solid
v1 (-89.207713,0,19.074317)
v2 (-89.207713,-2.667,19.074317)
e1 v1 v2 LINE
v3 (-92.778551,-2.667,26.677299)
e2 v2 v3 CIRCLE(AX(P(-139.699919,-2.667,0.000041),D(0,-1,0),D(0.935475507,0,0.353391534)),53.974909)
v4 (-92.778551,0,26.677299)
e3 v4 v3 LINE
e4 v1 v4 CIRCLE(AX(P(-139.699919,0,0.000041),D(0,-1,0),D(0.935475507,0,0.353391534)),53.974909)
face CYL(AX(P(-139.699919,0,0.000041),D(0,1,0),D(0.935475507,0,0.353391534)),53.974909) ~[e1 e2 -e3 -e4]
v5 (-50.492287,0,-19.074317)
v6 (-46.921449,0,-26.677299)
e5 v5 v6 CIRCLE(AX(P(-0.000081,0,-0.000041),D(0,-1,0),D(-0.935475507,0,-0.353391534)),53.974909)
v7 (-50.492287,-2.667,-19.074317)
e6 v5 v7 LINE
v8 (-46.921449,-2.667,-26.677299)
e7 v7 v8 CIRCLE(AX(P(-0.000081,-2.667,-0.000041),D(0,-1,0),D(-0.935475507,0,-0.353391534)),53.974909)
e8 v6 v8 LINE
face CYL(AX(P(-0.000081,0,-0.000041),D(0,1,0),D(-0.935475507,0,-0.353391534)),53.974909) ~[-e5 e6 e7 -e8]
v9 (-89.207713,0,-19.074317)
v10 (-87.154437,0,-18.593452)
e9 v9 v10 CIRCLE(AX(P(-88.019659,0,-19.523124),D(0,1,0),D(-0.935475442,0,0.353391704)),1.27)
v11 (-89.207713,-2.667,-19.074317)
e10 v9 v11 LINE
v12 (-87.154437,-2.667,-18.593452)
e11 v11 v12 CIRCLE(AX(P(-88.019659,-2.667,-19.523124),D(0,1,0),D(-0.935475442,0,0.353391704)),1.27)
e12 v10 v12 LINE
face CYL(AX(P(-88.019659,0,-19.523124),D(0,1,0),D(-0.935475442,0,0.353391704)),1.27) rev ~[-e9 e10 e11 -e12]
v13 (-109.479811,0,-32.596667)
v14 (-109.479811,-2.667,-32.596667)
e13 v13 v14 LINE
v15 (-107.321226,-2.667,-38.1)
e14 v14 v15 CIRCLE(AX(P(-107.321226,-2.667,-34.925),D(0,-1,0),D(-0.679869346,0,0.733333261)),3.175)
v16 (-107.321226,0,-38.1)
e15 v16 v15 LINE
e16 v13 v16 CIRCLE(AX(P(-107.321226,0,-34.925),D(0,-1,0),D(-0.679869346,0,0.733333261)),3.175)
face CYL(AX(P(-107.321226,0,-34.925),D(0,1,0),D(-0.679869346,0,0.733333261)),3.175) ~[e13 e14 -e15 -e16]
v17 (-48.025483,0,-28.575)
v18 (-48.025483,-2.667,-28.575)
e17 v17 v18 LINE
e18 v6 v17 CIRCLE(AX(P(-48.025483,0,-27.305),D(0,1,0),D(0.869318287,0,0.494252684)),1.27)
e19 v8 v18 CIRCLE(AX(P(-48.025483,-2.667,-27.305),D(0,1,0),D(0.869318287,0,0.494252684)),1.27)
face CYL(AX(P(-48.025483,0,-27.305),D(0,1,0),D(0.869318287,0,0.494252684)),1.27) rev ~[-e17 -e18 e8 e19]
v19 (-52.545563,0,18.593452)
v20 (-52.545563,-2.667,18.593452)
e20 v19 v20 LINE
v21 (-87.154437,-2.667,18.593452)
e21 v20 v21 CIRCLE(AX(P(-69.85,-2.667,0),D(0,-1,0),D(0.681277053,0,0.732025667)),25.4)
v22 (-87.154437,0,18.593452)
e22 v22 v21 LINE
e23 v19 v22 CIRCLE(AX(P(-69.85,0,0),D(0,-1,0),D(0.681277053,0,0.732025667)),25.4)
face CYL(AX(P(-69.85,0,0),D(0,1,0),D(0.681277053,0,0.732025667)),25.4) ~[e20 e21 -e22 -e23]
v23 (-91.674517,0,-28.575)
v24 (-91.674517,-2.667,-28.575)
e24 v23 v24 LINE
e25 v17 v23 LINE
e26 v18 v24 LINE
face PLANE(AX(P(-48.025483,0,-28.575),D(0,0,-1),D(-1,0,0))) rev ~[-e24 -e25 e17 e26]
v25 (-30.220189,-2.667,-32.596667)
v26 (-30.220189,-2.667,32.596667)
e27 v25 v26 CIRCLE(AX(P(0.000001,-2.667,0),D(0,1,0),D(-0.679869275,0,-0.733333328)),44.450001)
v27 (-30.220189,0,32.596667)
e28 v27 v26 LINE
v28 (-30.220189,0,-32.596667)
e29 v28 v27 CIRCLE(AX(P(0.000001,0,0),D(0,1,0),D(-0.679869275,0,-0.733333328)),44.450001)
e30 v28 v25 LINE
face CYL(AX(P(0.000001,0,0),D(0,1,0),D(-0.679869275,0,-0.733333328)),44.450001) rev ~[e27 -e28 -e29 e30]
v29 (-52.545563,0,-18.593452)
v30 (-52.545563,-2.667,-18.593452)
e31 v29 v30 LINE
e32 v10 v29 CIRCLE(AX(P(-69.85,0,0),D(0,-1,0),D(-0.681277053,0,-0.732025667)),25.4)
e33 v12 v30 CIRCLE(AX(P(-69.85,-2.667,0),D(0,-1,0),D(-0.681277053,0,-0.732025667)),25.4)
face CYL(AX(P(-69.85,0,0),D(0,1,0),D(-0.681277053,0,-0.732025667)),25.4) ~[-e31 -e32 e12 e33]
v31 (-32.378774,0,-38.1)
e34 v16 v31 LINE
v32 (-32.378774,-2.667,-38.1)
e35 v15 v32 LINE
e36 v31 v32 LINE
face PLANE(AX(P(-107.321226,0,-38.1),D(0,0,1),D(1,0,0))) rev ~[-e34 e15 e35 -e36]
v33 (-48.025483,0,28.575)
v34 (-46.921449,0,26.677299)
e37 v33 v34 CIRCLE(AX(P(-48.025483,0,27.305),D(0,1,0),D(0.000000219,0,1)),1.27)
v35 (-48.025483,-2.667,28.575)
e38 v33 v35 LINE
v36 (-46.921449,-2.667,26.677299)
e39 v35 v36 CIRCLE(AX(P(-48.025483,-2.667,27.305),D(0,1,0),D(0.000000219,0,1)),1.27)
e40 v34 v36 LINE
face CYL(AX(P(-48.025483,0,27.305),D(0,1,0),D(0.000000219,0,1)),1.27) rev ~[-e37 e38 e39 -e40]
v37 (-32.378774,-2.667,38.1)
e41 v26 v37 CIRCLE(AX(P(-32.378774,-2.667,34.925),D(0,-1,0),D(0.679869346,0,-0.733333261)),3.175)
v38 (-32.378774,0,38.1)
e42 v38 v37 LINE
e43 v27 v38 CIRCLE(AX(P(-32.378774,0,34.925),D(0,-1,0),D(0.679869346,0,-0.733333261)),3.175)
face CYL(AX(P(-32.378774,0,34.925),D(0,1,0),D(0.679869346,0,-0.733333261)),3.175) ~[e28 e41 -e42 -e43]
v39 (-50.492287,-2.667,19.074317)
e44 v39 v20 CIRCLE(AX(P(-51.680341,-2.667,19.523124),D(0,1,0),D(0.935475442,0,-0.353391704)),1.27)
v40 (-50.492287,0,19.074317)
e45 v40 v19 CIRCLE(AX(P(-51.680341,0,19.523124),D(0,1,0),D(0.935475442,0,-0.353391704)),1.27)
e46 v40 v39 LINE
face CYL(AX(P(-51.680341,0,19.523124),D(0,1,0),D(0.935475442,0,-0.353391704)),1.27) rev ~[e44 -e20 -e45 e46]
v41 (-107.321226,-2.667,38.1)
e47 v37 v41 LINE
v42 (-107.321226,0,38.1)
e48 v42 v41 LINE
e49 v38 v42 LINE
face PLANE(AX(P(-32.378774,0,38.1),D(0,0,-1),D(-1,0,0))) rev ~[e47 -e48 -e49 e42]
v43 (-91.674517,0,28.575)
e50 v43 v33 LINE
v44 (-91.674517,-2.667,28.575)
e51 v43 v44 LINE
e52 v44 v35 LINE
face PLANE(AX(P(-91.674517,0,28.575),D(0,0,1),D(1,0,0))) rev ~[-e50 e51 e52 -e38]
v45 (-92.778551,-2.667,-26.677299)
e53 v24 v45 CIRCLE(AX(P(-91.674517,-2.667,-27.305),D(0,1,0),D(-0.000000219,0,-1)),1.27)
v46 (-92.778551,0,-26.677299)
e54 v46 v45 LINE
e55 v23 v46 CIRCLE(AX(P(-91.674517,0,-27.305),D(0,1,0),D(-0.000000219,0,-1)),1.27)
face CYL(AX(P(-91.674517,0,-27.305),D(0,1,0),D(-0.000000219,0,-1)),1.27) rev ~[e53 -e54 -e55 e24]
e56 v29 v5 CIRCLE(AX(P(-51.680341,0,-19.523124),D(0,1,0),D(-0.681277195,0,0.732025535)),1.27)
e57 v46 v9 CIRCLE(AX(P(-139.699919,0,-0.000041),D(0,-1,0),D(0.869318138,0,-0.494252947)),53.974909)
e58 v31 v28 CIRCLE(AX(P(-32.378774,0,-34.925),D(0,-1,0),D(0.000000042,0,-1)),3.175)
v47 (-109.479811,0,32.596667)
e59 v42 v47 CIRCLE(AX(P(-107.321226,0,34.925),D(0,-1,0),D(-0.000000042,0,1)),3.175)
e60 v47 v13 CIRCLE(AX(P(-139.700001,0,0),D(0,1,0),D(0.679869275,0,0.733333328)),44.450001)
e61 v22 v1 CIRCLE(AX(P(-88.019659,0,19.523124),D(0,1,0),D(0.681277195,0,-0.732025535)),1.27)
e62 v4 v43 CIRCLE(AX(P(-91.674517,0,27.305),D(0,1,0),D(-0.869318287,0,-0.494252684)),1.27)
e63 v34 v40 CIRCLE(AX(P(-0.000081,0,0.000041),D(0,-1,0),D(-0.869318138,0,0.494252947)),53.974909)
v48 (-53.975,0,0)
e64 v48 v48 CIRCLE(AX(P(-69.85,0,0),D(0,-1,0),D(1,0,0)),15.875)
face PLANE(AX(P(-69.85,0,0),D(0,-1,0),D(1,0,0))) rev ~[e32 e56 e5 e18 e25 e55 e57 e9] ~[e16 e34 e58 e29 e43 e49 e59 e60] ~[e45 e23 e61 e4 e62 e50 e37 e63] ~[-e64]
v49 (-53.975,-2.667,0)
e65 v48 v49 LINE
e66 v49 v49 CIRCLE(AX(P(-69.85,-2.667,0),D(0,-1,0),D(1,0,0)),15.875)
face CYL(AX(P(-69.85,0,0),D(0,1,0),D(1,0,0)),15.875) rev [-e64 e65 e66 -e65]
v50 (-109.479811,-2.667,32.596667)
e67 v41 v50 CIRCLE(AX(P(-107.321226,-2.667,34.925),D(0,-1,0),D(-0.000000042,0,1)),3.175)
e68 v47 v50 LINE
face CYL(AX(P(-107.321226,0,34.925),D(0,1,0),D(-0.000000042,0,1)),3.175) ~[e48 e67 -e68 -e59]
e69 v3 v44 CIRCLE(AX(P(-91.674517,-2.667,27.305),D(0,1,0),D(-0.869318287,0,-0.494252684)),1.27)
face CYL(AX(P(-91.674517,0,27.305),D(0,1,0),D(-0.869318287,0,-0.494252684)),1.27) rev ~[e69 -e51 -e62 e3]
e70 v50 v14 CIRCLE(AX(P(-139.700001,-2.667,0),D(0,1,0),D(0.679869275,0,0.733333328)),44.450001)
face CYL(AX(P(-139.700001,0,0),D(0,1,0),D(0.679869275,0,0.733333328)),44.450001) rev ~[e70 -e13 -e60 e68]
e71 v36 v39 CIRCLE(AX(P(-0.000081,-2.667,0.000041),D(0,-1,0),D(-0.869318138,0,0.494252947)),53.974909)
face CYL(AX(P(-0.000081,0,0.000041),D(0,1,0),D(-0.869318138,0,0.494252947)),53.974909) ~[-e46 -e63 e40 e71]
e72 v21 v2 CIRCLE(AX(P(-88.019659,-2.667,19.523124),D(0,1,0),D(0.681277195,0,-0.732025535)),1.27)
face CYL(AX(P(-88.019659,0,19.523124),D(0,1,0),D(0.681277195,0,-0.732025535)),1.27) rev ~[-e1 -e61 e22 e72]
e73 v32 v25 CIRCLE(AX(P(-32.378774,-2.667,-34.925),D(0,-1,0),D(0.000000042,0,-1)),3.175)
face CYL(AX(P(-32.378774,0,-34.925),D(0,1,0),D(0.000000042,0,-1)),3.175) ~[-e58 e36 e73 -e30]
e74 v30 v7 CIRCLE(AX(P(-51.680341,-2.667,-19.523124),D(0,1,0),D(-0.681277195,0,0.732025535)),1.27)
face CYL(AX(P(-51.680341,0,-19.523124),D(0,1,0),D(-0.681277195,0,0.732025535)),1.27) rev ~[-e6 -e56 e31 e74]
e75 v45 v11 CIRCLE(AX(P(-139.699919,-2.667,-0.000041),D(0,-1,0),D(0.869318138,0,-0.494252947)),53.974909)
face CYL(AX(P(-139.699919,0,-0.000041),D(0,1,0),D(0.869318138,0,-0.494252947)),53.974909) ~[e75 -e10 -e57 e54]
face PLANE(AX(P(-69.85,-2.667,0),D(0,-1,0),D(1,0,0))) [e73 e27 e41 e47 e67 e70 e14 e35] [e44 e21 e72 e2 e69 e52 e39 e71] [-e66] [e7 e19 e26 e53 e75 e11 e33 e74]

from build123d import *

# Parameters (mm, degrees)
F0_R     = 15.875
F1_DEPTH = 2.667


with BuildPart() as f1:
    # F0 (on Front) → F1 (new body)
    with BuildSketch(Plane.XZ):
        with BuildLine():
            Line((-32.378774, 38.1), (-107.321226, 38.1))
            ThreePointArc((-107.321226, 38.1), (-110.27699, 36.084346), (-109.479811, 32.596667))
            ThreePointArc((-109.479811, 32.596667), (-95.25, 0), (-109.479811, -32.596667))
            ThreePointArc((-109.479811, -32.596667), (-110.27699, -36.084346), (-107.321226, -38.1))
            Line((-107.321226, -38.1), (-32.378774, -38.1))
            ThreePointArc((-32.378774, -38.1), (-29.42301, -36.084346), (-30.220189, -32.596667))
            ThreePointArc((-30.220189, -32.596667), (-44.45, 0), (-30.220189, 32.596667))
            ThreePointArc((-30.220189, 32.596667), (-29.42301, 36.084346), (-32.378774, 38.1))
        make_face()
        with BuildLine():
            ThreePointArc((-87.154437, -18.593452), (-69.85, -25.4), (-52.545563, -18.593452))
            ThreePointArc((-52.545563, -18.593452), (-51.39075, -18.286582), (-50.492287, -19.074317))
            ThreePointArc((-50.492287, -19.074317), (-48.854993, -22.945377), (-46.921449, -26.677299))
            ThreePointArc((-46.921449, -26.677299), (-46.92774, -27.943639), (-48.025483, -28.575))
            Line((-48.025483, -28.575), (-91.674517, -28.575))
            ThreePointArc((-91.674517, -28.575), (-92.77226, -27.943639), (-92.778551, -26.677299))
            ThreePointArc((-92.778551, -26.677299), (-90.845007, -22.945377), (-89.207713, -19.074317))
            ThreePointArc((-89.207713, -19.074317), (-88.30925, -18.286582), (-87.154437, -18.593452))
        make_face(mode=Mode.SUBTRACT)
        with Locations((-69.85, 0)):
            Circle(F0_R, mode=Mode.SUBTRACT)
        with BuildLine():
            ThreePointArc((-92.778551, 26.677299), (-92.77226, 27.943639), (-91.674517, 28.575))
            Line((-91.674517, 28.575), (-48.025483, 28.575))
            ThreePointArc((-48.025483, 28.575), (-46.92774, 27.943639), (-46.921449, 26.677299))
            ThreePointArc((-46.921449, 26.677299), (-48.854993, 22.945377), (-50.492287, 19.074317))
            ThreePointArc((-50.492287, 19.074317), (-51.39075, 18.286582), (-52.545563, 18.593452))
            ThreePointArc((-52.545563, 18.593452), (-69.85, 25.4), (-87.154437, 18.593452))
            ThreePointArc((-87.154437, 18.593452), (-88.30925, 18.286582), (-89.207713, 19.074317))
            ThreePointArc((-89.207713, 19.074317), (-90.845007, 22.945377), (-92.778551, 26.677299))
        make_face(mode=Mode.SUBTRACT)
    extrude(amount=F1_DEPTH)


solid = f1.part
